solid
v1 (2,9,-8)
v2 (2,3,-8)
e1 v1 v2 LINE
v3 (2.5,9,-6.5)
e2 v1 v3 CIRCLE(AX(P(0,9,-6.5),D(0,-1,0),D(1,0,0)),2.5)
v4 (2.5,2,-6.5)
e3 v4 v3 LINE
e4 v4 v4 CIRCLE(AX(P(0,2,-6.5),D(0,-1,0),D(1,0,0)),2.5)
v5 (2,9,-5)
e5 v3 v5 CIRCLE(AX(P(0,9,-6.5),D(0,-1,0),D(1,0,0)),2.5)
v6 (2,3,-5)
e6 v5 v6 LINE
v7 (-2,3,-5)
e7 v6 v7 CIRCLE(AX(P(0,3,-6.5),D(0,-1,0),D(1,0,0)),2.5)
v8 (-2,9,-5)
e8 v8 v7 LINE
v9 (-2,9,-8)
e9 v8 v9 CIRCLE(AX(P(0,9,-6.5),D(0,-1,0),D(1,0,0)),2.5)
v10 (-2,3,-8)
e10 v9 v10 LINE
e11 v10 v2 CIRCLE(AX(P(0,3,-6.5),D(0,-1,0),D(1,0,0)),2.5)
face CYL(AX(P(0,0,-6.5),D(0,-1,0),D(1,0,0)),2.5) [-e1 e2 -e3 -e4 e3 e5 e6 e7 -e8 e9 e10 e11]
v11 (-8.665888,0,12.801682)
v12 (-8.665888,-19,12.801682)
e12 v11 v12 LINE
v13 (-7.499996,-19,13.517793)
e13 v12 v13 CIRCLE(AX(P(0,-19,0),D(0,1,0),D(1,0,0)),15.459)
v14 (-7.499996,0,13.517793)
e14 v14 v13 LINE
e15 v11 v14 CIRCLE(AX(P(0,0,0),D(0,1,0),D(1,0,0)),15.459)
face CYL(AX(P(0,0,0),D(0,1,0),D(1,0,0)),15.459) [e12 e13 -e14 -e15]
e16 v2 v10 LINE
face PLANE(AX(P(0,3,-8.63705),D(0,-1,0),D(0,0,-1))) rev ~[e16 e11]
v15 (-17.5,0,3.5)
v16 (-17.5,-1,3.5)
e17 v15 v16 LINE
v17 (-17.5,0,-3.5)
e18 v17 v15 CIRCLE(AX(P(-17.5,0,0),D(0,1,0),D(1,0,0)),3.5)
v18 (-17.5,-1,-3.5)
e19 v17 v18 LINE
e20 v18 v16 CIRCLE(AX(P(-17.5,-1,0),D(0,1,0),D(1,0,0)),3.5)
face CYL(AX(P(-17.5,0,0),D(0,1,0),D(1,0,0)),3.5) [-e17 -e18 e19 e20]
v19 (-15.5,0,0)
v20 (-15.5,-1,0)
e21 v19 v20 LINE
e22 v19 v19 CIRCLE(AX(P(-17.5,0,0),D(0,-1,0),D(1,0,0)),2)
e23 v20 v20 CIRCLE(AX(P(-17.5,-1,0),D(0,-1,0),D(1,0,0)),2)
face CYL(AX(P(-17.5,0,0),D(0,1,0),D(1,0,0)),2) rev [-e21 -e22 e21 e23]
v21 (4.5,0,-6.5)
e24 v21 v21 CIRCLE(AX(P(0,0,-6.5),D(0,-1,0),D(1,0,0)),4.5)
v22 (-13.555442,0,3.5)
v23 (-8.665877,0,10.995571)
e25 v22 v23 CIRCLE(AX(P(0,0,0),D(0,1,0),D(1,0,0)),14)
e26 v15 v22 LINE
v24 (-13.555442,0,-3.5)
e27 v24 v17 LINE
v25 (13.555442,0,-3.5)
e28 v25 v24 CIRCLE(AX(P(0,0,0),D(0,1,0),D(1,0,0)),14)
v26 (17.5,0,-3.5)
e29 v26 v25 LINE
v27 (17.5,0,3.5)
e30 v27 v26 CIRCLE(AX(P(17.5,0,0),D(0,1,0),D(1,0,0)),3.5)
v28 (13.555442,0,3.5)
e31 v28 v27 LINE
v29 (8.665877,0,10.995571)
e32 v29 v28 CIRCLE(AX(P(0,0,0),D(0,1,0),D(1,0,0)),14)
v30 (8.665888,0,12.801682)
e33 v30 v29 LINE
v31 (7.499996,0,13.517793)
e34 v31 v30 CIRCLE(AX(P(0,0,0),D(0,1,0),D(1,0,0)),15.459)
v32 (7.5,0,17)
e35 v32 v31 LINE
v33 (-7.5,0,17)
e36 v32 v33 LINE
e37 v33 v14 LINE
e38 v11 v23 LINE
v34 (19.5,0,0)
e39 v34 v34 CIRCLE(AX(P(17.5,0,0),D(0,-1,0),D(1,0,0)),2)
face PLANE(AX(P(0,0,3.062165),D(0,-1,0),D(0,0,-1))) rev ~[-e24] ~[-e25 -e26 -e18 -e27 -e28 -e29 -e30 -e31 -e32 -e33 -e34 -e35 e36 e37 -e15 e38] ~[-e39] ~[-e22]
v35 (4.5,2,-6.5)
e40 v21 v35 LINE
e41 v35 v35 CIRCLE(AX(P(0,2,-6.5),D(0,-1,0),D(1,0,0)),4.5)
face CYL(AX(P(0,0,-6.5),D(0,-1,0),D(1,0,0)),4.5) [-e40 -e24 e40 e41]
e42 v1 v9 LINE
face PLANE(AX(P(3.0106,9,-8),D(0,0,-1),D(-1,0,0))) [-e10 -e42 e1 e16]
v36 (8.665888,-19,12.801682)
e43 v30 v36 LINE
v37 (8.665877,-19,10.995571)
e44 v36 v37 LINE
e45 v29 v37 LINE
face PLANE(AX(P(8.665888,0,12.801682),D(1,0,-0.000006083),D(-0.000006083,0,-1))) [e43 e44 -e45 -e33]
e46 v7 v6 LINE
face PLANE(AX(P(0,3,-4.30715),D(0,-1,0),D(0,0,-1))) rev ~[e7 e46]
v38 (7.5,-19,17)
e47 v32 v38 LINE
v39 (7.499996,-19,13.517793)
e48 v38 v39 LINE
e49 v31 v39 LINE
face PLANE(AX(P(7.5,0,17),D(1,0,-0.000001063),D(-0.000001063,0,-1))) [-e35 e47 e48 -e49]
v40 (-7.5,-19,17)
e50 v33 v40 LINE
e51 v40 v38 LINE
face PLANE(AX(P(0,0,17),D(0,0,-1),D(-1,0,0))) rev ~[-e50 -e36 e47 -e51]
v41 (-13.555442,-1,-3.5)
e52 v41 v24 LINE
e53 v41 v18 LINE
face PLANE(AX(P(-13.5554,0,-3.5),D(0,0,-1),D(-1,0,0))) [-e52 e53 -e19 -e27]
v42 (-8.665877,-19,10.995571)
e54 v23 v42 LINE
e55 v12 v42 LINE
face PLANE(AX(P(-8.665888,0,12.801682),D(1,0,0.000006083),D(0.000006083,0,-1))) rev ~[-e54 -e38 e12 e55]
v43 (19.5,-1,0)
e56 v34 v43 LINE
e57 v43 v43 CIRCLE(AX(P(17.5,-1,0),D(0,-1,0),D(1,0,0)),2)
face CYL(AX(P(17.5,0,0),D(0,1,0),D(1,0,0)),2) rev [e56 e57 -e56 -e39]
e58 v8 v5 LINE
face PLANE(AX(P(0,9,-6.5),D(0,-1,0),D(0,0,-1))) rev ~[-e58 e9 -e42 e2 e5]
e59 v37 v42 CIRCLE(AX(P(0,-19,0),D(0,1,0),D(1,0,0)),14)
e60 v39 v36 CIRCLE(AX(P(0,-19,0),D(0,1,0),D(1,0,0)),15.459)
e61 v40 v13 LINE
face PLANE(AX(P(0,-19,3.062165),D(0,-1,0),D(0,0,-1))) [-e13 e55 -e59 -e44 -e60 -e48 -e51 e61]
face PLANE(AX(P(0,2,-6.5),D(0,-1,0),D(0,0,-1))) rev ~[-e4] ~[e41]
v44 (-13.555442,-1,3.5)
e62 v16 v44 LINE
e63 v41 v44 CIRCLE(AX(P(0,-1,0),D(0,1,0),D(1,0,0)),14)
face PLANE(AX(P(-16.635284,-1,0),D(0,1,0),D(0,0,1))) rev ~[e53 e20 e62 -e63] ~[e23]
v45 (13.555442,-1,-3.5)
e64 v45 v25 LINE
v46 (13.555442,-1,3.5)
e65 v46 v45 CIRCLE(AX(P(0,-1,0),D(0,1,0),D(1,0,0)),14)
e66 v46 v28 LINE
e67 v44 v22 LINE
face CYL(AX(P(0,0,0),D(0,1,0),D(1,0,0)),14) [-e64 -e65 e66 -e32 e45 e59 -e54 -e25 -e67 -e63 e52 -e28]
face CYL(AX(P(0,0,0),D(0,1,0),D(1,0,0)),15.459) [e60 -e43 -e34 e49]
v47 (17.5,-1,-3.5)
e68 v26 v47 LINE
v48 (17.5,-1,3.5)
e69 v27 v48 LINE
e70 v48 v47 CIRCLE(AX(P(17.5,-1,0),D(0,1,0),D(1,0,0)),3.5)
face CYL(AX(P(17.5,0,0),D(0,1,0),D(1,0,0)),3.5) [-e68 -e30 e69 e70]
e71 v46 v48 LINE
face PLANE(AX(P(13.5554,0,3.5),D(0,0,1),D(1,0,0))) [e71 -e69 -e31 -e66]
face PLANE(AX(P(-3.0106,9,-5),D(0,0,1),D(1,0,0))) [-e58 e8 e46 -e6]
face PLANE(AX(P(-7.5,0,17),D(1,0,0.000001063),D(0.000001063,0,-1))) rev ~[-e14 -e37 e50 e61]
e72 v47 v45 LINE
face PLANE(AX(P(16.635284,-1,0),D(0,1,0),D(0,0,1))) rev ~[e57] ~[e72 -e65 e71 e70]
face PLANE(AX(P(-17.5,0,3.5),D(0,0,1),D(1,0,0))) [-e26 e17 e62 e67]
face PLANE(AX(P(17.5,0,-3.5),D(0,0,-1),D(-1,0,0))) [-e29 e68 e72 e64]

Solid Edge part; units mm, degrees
sketch "Sketch1" plane through (0, 0, 0) normal (0, -1, 0) x (1, 0, 0)
  line L0 (0, 17) -> (-7.5, 17)
  line L1 (-7.5, 17) -> (-7.5, 13.5178)
  arc A0 (-8.6659, 12.8017) -> (-7.5, 13.5178) centre (0, 0) cw
  line L2 (-8.6659, 12.8017) -> (-8.6659, 10.9956)
  line L3 (8.6659, 12.8017) -> (8.6659, 10.9956)
  line L4 (7.5, 17) -> (7.5, 13.5178)
  line L5 (7.5, 17) -> (0, 17)
  arc A1 (8.6659, 10.9956) -> (-8.6659, 10.9956) centre (0, 0) cw
  arc A2 (7.5, 13.5178) -> (8.6659, 12.8017) centre (0, 0) cw
extrude "Protrusion1" add sketch "Sketch1" along normal blind 19
sketch "Sketch2" plane through (0, 0, 0) normal (0, -1, 0) x (1, 0, 0)
  line L0 (-17.5, 3.5) -> (-13.5554, 3.5)
  line L1 (-13.5554, 3.5) -> (-13.5554, -3.5)
  line L2 (-13.5554, -3.5) -> (-17.5, -3.5)
  arc A0 (-17.5, -3.5) -> (-17.5, 3.5) centre (-17.5, 0) cw
  circle A1 centre (-17.5, 0) radius 2
  line L3 (17.5, -3.5) -> (13.5554, -3.5)
  line L4 (13.5554, 3.5) -> (13.5554, -3.5)
  line L5 (13.5554, 3.5) -> (17.5, 3.5)
  arc A2 (17.5, 3.5) -> (17.5, -3.5) centre (17.5, 0) cw
  circle A3 centre (17.5, 0) radius 2
extrude "ProtrusiónExtruida_2" add sketch "Sketch2" along normal blind 1
sketch "Sketch3" plane through (0, 0, 0) normal (0, -1, 0) x (1, 0, 0)
  circle A0 centre (0, -6.5) radius 4.5
extrude "ProtrusiónExtruida_3" add sketch "Sketch3" against normal blind 2
sketch "Sketch4" plane through (0, 0, 0) normal (0, -1, 0) x (1, 0, 0)
  circle A0 centre (0, -6.5) radius 2.5
extrude "ProtrusiónExtruida_4" add sketch "Sketch4" against normal blind 9
sketch "Sketch5" plane through (0, 9, -6.5) normal (0, 1, 0) x (-1, 0, 0)
  line L0 (3.0106, 1.5) -> (-3.0106, 1.5)
  line L1 (-3.0106, 1.5) -> (-3.0106, 2.8857)
  line L2 (-3.0106, 2.8857) -> (3.0106, 2.8857)
  line L3 (3.0106, 2.8857) -> (3.0106, 1.5)
  line L4 (-3.0106, -1.5) -> (3.0106, -1.5)
  line L5 (3.0106, -1.5) -> (3.0106, -2.7741)
  line L6 (3.0106, -2.7741) -> (-3.0106, -2.7741)
  line L7 (-3.0106, -2.7741) -> (-3.0106, -1.5)
extrude "VaciadoExtruido_1" cut sketch "Sketch5" against normal blind 6
